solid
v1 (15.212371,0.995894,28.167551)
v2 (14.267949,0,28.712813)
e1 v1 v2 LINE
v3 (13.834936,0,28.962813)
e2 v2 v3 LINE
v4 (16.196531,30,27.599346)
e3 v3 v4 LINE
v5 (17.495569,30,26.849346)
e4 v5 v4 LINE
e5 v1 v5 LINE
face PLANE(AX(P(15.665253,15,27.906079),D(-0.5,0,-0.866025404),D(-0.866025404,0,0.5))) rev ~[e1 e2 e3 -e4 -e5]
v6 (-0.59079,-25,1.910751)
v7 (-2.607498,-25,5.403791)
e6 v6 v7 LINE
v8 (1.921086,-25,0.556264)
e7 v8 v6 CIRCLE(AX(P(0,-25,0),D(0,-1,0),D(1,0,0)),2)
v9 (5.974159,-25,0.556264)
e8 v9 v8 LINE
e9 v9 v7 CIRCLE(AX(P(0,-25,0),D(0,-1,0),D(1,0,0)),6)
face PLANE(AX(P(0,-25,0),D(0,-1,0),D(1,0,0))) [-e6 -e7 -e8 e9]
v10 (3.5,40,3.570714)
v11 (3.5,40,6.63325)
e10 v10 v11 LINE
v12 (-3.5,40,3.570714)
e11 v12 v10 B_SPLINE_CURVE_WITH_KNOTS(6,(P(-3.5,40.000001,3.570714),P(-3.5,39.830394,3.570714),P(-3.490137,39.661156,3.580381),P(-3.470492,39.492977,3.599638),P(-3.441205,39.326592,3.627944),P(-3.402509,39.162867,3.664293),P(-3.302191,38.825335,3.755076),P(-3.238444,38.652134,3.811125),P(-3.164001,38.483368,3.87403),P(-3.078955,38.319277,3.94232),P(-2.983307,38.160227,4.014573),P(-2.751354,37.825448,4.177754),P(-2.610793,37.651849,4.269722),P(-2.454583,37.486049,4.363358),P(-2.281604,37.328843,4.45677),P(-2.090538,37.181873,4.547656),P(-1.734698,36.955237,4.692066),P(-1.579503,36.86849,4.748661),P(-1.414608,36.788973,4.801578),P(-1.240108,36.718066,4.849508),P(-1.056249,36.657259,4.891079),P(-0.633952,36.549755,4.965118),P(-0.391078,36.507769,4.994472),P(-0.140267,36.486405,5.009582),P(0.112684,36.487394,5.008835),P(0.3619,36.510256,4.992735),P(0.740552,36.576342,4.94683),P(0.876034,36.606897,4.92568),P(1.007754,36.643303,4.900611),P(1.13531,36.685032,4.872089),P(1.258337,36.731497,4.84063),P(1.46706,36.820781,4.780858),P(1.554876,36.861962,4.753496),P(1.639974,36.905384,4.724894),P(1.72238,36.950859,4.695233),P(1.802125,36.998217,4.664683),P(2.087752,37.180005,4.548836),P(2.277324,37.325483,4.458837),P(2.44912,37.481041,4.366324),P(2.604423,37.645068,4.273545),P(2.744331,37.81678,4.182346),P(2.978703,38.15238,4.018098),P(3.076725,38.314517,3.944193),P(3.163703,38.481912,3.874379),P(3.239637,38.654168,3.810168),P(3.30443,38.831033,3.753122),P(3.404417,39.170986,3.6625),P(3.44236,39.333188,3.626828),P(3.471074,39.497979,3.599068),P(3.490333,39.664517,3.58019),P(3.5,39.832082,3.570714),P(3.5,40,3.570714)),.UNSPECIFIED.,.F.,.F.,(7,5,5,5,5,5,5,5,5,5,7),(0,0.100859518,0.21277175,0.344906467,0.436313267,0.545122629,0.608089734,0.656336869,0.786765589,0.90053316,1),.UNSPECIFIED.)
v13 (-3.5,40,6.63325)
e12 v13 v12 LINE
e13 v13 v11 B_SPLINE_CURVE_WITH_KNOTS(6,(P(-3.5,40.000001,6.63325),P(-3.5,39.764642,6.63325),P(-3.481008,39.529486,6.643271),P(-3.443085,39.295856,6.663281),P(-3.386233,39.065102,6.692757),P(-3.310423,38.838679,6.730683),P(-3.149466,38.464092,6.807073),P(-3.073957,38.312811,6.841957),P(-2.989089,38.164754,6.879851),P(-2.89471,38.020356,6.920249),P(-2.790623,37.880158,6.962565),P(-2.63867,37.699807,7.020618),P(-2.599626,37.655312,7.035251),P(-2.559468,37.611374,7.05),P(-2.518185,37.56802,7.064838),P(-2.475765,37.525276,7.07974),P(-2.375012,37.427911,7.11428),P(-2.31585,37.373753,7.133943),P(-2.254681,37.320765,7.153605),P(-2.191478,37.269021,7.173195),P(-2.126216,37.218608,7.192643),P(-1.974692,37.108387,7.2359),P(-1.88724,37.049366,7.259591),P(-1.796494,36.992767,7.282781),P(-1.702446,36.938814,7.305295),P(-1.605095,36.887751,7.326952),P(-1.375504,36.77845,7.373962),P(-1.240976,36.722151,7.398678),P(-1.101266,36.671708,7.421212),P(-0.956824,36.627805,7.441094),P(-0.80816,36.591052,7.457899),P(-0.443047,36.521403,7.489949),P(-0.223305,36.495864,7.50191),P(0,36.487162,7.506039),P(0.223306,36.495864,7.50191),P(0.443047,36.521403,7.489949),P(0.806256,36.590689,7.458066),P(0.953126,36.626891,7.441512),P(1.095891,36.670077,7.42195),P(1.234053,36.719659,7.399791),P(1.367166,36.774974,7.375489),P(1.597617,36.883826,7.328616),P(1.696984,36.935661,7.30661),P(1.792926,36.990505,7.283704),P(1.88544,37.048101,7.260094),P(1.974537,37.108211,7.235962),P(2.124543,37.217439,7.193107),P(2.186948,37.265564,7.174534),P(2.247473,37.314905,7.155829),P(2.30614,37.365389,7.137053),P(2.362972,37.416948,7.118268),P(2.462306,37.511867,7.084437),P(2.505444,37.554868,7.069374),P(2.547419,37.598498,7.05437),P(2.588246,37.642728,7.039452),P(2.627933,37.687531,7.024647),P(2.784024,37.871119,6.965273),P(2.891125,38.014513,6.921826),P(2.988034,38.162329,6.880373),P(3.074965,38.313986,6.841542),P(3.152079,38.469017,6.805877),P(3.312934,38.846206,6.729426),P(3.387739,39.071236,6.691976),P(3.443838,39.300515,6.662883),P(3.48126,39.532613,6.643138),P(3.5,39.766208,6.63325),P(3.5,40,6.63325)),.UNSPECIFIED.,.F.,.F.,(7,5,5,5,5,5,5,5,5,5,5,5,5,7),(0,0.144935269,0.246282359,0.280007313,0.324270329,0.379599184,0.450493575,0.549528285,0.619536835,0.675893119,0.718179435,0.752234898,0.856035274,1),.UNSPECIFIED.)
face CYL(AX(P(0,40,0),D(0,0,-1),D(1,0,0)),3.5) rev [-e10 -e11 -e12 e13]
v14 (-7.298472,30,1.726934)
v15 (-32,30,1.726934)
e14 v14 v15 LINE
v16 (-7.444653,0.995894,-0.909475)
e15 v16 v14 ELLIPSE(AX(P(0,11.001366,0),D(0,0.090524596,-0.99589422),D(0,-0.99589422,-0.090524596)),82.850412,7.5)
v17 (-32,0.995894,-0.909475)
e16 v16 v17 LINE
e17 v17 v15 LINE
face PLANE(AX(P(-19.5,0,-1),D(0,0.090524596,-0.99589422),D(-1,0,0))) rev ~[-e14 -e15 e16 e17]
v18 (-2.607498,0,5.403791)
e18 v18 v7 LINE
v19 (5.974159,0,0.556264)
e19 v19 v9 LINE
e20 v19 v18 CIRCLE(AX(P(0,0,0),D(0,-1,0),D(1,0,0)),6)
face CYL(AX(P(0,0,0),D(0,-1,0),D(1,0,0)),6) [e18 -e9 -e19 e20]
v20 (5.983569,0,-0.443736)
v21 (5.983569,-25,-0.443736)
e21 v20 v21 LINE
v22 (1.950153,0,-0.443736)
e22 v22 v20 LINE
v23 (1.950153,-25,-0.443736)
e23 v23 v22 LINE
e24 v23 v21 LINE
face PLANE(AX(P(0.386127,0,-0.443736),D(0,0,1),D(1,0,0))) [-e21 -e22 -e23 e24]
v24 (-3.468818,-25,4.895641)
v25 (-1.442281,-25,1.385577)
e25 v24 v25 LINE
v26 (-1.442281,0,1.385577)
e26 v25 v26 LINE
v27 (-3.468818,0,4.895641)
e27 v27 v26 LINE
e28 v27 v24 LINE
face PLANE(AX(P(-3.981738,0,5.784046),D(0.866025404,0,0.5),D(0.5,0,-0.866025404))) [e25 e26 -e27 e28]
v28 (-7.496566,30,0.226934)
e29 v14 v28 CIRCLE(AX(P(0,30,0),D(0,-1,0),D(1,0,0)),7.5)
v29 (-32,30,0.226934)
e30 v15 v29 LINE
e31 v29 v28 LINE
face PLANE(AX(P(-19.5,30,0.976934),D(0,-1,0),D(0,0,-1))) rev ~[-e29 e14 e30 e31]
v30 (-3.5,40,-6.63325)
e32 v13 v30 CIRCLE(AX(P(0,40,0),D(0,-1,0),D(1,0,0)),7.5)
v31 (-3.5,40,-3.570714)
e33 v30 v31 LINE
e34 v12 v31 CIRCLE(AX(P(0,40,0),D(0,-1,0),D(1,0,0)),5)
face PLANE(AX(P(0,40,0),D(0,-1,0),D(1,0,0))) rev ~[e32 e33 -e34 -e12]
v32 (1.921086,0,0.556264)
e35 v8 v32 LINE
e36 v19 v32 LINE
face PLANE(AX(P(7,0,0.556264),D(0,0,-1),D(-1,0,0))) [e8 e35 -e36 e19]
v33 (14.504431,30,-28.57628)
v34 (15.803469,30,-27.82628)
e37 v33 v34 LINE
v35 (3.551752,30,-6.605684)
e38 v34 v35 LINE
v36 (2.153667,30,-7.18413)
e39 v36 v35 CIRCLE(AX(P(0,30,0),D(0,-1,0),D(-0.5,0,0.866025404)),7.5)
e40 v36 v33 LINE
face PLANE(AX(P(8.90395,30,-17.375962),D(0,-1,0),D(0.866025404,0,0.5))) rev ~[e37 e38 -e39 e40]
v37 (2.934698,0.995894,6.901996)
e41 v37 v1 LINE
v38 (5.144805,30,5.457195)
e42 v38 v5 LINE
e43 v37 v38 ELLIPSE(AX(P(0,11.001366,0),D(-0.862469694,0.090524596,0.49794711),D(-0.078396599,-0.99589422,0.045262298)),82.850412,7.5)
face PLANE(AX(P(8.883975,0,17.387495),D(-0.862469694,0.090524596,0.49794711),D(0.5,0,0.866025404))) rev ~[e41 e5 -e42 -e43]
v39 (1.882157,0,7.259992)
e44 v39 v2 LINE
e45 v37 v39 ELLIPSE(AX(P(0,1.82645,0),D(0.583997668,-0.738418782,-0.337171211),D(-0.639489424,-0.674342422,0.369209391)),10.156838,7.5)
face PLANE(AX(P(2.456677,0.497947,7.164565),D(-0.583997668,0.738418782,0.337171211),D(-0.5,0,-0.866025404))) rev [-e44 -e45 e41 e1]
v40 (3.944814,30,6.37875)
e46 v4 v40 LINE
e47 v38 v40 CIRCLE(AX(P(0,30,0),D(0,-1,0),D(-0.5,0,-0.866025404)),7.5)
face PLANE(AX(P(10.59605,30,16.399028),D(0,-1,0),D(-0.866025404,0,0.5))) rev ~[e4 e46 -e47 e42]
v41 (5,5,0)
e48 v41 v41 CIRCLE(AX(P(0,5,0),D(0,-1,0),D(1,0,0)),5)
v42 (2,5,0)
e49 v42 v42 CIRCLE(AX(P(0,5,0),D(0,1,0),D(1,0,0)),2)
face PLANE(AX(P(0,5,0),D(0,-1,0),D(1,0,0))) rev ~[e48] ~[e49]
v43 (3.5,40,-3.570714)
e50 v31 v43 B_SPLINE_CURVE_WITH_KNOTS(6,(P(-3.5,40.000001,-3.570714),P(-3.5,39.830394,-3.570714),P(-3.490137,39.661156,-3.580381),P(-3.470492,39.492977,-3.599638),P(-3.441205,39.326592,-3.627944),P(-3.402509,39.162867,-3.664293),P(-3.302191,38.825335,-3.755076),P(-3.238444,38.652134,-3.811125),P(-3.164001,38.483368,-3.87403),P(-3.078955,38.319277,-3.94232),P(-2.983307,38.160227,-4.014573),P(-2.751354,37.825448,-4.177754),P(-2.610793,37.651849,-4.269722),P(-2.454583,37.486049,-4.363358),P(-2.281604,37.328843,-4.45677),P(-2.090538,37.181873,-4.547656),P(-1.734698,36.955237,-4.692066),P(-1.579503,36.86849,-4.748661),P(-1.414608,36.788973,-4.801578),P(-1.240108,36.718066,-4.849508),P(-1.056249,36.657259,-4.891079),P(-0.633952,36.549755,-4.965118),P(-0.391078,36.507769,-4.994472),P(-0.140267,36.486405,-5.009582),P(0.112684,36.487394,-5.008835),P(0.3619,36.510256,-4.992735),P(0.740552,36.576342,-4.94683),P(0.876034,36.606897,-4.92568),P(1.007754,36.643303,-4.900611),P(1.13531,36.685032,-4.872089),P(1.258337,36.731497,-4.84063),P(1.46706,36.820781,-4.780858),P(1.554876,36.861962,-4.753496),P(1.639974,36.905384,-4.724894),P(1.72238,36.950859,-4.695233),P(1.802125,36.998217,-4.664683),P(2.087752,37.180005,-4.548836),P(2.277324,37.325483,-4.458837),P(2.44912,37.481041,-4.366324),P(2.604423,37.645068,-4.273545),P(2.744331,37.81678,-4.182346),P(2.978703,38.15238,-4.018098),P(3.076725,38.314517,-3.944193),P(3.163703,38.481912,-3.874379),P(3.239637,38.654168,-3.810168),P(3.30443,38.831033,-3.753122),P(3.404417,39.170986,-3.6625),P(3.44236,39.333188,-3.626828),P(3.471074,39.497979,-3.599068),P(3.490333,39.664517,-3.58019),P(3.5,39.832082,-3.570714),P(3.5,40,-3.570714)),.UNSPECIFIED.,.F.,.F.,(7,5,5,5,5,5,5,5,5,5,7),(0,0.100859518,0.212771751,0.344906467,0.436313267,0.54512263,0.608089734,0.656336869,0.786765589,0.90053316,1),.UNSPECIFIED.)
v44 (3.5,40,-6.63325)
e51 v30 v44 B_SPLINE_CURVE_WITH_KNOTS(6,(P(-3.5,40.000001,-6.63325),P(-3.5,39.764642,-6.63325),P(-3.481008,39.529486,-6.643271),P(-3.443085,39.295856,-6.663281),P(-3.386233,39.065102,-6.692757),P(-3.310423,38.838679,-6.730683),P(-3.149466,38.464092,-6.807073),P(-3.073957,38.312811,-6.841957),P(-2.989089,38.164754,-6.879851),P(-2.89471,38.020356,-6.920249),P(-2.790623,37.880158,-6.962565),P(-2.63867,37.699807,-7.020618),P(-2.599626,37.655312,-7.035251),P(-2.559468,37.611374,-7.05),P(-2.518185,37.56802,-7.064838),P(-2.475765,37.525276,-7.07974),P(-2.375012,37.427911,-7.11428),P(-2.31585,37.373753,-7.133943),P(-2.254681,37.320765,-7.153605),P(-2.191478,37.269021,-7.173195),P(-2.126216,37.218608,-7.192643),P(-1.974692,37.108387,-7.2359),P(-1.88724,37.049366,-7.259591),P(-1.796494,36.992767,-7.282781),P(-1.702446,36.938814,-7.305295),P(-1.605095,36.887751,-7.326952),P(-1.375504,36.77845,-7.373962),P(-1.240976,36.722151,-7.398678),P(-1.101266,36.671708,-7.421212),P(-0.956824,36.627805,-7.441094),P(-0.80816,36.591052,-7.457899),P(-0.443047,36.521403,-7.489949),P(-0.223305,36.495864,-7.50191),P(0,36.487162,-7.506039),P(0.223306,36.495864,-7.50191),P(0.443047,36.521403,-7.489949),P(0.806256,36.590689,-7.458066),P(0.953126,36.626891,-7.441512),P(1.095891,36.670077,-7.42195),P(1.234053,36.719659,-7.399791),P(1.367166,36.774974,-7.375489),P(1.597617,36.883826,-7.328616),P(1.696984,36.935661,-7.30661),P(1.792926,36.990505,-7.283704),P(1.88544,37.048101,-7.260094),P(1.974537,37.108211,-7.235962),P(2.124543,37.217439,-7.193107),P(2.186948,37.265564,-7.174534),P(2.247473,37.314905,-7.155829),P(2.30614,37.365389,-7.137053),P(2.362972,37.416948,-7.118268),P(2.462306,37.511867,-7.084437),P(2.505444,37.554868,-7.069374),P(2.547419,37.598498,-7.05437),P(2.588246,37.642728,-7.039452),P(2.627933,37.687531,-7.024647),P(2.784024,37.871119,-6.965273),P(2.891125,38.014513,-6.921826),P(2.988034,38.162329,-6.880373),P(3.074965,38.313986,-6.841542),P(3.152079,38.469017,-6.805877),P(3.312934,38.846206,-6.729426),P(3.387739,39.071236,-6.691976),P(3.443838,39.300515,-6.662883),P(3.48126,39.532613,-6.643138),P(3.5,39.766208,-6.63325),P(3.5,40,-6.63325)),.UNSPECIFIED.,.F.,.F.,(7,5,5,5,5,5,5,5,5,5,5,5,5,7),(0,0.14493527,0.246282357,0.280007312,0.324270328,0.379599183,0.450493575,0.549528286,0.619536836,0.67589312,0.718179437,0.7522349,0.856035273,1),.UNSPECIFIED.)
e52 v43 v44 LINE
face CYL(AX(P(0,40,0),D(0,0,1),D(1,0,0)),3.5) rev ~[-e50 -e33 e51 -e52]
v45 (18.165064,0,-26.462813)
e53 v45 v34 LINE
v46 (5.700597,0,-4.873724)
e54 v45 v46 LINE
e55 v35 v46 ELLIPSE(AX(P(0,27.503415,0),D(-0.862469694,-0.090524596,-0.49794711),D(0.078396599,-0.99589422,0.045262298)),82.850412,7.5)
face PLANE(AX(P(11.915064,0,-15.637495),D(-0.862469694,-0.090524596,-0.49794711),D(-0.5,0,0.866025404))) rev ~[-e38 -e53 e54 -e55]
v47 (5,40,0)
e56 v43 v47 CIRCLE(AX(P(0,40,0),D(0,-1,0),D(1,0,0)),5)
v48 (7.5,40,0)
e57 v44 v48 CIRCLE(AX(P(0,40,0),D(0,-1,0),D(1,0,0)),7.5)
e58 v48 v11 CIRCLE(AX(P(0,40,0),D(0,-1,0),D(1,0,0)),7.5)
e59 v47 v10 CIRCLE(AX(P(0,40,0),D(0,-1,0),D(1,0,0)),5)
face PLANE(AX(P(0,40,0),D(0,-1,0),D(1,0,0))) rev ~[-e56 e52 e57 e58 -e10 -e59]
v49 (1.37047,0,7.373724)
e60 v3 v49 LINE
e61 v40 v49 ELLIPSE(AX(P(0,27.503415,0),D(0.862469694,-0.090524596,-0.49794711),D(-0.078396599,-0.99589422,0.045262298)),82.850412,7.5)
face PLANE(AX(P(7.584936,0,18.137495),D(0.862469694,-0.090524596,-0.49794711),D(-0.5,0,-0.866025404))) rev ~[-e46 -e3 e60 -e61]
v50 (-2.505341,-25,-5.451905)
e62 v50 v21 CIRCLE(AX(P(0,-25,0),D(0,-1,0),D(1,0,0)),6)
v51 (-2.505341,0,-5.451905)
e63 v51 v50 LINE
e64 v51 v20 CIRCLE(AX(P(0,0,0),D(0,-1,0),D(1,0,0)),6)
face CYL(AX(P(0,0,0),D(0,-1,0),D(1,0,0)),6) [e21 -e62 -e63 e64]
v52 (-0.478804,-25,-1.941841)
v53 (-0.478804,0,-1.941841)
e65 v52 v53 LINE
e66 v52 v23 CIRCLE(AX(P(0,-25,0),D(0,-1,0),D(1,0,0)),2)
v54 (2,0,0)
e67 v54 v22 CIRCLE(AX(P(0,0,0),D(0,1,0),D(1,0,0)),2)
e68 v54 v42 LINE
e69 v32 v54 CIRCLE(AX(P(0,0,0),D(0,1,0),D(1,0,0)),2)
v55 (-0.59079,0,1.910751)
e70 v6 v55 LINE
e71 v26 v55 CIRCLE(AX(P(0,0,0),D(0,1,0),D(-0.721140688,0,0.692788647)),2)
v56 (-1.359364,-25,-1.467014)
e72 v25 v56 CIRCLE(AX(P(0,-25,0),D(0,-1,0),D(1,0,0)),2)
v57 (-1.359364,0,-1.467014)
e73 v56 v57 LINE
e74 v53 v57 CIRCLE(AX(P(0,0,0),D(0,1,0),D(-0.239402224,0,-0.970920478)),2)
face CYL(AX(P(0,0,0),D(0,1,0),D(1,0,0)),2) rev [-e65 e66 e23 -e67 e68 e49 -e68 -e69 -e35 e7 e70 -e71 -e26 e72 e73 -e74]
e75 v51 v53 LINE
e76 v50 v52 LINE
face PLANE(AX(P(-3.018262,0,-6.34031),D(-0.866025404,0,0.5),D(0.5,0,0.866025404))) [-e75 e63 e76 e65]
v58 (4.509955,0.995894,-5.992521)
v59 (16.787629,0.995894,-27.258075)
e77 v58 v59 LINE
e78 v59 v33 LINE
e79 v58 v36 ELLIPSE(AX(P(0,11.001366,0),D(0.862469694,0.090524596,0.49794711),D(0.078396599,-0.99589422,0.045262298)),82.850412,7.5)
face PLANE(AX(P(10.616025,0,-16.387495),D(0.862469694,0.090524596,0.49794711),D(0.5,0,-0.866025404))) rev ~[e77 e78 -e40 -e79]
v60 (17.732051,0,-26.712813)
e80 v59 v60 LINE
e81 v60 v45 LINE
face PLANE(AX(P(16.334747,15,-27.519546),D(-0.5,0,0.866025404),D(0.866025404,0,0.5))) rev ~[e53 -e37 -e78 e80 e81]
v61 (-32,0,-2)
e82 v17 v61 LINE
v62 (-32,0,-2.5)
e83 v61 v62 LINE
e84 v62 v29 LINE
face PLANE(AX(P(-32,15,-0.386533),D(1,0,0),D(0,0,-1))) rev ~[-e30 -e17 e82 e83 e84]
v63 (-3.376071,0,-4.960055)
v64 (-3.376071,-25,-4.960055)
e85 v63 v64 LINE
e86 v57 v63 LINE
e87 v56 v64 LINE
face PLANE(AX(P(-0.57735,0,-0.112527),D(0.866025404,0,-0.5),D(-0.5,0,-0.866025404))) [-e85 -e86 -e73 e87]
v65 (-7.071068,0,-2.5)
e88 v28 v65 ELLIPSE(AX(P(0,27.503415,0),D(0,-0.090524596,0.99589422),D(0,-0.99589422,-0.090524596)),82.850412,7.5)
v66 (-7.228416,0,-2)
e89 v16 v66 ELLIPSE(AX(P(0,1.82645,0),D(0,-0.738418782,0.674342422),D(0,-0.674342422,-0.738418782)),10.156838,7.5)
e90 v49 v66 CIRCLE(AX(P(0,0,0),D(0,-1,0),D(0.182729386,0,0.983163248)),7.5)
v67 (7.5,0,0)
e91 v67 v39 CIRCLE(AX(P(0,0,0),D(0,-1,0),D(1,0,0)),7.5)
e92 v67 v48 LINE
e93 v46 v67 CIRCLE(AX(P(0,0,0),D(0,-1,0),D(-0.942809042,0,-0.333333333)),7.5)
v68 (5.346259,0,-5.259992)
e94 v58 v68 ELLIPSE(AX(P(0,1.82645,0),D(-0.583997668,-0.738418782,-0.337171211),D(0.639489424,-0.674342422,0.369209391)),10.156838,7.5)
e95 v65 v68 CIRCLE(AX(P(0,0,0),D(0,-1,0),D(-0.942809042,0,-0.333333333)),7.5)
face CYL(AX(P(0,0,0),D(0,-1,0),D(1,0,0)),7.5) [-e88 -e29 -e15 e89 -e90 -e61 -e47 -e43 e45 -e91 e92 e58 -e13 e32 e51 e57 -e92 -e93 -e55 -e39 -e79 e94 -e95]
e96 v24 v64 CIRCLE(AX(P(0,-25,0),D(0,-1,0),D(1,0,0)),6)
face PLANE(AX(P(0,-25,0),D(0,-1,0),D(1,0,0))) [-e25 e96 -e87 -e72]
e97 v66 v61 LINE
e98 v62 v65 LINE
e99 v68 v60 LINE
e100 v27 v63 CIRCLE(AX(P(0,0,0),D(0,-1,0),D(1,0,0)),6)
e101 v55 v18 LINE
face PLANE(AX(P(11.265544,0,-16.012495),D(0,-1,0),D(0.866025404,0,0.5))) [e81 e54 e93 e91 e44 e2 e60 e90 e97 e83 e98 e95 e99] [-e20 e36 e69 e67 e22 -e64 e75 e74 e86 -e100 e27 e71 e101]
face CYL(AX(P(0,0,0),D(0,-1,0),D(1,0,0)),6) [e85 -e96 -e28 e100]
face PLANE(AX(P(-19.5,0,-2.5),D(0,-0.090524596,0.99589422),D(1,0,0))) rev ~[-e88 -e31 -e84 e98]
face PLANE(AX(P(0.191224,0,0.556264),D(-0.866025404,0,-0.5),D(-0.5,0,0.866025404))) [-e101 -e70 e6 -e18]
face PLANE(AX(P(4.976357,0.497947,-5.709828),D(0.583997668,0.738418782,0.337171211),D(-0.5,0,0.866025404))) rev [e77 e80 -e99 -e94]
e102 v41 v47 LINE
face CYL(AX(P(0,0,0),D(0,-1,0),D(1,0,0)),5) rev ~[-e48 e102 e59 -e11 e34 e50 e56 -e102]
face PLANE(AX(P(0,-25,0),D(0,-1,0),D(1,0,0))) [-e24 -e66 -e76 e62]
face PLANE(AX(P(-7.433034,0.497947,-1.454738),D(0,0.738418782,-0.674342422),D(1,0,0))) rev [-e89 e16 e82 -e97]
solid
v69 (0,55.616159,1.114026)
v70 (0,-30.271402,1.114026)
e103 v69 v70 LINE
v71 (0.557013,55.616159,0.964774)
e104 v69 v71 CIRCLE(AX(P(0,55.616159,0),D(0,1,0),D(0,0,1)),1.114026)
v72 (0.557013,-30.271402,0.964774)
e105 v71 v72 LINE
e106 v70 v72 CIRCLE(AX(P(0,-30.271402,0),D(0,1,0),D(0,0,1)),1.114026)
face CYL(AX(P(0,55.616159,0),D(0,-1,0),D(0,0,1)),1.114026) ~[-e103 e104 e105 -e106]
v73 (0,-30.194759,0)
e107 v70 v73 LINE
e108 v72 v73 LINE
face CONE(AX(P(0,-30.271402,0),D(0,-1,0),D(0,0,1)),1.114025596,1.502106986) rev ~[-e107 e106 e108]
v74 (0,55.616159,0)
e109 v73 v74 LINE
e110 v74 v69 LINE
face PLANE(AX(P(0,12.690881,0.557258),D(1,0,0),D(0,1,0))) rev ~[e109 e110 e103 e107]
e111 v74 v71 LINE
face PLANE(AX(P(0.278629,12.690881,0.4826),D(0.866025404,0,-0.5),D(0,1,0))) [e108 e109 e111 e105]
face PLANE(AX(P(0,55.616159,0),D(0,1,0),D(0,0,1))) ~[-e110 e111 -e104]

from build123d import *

# Parameters (mm, degrees)
F0_R           = 6
F0_R_2         = 5
F0_R_3         = 2
F1_DEPTH       = 25
F1_DEPTH_BACK  = 5
F0_R_4         = 7.5
F2_DEPTH       = 40
F4_DEPTH       = 25
F5_W           = 25
F5_H           = 1.5
F9_SIZE        = 1
F10_ANGLE      = 30
F11_COUNT      = 3
F12_R          = 3.5
F13_DEPTH      = 25
F13_DEPTH_BACK = 25


with BuildPart() as f1:
    # F0 (on Front) → F1 (new body, two sides)
    with BuildSketch(Plane.XZ) as f1_sk:
        Circle(F0_R)
        Circle(F0_R_2, mode=Mode.SUBTRACT)
        Circle(F0_R_2)
        Circle(F0_R_3, mode=Mode.SUBTRACT)
    extrude(amount=F1_DEPTH)
    extrude(f1_sk.sketch, amount=-F1_DEPTH_BACK)

    # F0 (on Front) → F2 (join)
    with BuildSketch(Plane.XZ):
        Circle(F0_R_4)
        Circle(F0_R, mode=Mode.SUBTRACT)
        Circle(F0_R)
        Circle(F0_R_2, mode=Mode.SUBTRACT)
    extrude(amount=-F2_DEPTH)

    # F3 (on Front) → F4 (cut)
    with BuildSketch(Plane.XZ):
        Polygon((0, 0), (0, 0.5562636638), (0.1912236103, 0.5562636638), (-3.1157130603, 6.2840459946), (-3.981738464, 5.7840459946), (-0.5773502692, -0.1125273276), (-0.3842869397, 0.2218681681), align=None)
        Polygon((7, 0.5562636638), (0.1912236103, 0.5562636638), (0.3842869397, 0.2218681681), (0, 0), (0.481738464, -0.2781318319), (0.3861266589, -0.4437363362), (7, -0.4437363362), align=None)
        Polygon((0, -0.4437363362), (0, 0), (-0.481738464, -0.2781318319), (-0.5773502692, -0.1125273276), (-3.8842869397, -5.8403096584), (-3.018261536, -6.3403096584), (0.3861266589, -0.4437363362), align=None)
    extrude(amount=F4_DEPTH, mode=Mode.SUBTRACT)

    # F7: sweep along a path in F6
    with BuildLine(Plane.YZ) as f7_path:
        Line((0, -1.7128828858), (30, 1.0140511738))
    # F5 (on Front) → F7 (sweep)
    with BuildSketch(Plane.XZ):
        with Locations((-19.5, -1.75)):
            Rectangle(F5_W, F5_H)
    sweep(path=f7_path.line)

    # F9
    f9_edges = [f1.edges().sort_by_distance(p)[0] for p in [
        (-19.716517, 0, -1),
    ]]
    chamfer(f9_edges, length=F9_SIZE)

    # F11: F1 ×3 about axis
    f11_axis = Axis((0, 12.7106998116, 0), (0, 1, 0))


with BuildPart() as f10:
    # F8 (on Right) → F10 (revolve)
    with BuildSketch(Plane.YZ):
        Polygon((-30.2714016289, 1.1140255956), (-30.1947593689, 0), (55.6161589921, 0), (55.6161589921, 1.1140255956), align=None)
    revolve(axis=Axis((0, 12.7106998116, 0), (0, 1, 0)), revolution_arc=F10_ANGLE)


with BuildPart() as f1_1:
    add(f1.part)
    for i in range(1, F11_COUNT):
        add(f1.part.rotate(f11_axis, i * 360 / F11_COUNT))

    # F12 (on Top) → F13 (cut, two sides)
    with BuildSketch(Plane.XY) as f13_sk:
        with Locations((0, 40)):
            Circle(F12_R)
    extrude(amount=-F13_DEPTH, mode=Mode.SUBTRACT)
    extrude(f13_sk.sketch, amount=F13_DEPTH_BACK, mode=Mode.SUBTRACT)


solid = Compound([f10.part, f1_1.part])
